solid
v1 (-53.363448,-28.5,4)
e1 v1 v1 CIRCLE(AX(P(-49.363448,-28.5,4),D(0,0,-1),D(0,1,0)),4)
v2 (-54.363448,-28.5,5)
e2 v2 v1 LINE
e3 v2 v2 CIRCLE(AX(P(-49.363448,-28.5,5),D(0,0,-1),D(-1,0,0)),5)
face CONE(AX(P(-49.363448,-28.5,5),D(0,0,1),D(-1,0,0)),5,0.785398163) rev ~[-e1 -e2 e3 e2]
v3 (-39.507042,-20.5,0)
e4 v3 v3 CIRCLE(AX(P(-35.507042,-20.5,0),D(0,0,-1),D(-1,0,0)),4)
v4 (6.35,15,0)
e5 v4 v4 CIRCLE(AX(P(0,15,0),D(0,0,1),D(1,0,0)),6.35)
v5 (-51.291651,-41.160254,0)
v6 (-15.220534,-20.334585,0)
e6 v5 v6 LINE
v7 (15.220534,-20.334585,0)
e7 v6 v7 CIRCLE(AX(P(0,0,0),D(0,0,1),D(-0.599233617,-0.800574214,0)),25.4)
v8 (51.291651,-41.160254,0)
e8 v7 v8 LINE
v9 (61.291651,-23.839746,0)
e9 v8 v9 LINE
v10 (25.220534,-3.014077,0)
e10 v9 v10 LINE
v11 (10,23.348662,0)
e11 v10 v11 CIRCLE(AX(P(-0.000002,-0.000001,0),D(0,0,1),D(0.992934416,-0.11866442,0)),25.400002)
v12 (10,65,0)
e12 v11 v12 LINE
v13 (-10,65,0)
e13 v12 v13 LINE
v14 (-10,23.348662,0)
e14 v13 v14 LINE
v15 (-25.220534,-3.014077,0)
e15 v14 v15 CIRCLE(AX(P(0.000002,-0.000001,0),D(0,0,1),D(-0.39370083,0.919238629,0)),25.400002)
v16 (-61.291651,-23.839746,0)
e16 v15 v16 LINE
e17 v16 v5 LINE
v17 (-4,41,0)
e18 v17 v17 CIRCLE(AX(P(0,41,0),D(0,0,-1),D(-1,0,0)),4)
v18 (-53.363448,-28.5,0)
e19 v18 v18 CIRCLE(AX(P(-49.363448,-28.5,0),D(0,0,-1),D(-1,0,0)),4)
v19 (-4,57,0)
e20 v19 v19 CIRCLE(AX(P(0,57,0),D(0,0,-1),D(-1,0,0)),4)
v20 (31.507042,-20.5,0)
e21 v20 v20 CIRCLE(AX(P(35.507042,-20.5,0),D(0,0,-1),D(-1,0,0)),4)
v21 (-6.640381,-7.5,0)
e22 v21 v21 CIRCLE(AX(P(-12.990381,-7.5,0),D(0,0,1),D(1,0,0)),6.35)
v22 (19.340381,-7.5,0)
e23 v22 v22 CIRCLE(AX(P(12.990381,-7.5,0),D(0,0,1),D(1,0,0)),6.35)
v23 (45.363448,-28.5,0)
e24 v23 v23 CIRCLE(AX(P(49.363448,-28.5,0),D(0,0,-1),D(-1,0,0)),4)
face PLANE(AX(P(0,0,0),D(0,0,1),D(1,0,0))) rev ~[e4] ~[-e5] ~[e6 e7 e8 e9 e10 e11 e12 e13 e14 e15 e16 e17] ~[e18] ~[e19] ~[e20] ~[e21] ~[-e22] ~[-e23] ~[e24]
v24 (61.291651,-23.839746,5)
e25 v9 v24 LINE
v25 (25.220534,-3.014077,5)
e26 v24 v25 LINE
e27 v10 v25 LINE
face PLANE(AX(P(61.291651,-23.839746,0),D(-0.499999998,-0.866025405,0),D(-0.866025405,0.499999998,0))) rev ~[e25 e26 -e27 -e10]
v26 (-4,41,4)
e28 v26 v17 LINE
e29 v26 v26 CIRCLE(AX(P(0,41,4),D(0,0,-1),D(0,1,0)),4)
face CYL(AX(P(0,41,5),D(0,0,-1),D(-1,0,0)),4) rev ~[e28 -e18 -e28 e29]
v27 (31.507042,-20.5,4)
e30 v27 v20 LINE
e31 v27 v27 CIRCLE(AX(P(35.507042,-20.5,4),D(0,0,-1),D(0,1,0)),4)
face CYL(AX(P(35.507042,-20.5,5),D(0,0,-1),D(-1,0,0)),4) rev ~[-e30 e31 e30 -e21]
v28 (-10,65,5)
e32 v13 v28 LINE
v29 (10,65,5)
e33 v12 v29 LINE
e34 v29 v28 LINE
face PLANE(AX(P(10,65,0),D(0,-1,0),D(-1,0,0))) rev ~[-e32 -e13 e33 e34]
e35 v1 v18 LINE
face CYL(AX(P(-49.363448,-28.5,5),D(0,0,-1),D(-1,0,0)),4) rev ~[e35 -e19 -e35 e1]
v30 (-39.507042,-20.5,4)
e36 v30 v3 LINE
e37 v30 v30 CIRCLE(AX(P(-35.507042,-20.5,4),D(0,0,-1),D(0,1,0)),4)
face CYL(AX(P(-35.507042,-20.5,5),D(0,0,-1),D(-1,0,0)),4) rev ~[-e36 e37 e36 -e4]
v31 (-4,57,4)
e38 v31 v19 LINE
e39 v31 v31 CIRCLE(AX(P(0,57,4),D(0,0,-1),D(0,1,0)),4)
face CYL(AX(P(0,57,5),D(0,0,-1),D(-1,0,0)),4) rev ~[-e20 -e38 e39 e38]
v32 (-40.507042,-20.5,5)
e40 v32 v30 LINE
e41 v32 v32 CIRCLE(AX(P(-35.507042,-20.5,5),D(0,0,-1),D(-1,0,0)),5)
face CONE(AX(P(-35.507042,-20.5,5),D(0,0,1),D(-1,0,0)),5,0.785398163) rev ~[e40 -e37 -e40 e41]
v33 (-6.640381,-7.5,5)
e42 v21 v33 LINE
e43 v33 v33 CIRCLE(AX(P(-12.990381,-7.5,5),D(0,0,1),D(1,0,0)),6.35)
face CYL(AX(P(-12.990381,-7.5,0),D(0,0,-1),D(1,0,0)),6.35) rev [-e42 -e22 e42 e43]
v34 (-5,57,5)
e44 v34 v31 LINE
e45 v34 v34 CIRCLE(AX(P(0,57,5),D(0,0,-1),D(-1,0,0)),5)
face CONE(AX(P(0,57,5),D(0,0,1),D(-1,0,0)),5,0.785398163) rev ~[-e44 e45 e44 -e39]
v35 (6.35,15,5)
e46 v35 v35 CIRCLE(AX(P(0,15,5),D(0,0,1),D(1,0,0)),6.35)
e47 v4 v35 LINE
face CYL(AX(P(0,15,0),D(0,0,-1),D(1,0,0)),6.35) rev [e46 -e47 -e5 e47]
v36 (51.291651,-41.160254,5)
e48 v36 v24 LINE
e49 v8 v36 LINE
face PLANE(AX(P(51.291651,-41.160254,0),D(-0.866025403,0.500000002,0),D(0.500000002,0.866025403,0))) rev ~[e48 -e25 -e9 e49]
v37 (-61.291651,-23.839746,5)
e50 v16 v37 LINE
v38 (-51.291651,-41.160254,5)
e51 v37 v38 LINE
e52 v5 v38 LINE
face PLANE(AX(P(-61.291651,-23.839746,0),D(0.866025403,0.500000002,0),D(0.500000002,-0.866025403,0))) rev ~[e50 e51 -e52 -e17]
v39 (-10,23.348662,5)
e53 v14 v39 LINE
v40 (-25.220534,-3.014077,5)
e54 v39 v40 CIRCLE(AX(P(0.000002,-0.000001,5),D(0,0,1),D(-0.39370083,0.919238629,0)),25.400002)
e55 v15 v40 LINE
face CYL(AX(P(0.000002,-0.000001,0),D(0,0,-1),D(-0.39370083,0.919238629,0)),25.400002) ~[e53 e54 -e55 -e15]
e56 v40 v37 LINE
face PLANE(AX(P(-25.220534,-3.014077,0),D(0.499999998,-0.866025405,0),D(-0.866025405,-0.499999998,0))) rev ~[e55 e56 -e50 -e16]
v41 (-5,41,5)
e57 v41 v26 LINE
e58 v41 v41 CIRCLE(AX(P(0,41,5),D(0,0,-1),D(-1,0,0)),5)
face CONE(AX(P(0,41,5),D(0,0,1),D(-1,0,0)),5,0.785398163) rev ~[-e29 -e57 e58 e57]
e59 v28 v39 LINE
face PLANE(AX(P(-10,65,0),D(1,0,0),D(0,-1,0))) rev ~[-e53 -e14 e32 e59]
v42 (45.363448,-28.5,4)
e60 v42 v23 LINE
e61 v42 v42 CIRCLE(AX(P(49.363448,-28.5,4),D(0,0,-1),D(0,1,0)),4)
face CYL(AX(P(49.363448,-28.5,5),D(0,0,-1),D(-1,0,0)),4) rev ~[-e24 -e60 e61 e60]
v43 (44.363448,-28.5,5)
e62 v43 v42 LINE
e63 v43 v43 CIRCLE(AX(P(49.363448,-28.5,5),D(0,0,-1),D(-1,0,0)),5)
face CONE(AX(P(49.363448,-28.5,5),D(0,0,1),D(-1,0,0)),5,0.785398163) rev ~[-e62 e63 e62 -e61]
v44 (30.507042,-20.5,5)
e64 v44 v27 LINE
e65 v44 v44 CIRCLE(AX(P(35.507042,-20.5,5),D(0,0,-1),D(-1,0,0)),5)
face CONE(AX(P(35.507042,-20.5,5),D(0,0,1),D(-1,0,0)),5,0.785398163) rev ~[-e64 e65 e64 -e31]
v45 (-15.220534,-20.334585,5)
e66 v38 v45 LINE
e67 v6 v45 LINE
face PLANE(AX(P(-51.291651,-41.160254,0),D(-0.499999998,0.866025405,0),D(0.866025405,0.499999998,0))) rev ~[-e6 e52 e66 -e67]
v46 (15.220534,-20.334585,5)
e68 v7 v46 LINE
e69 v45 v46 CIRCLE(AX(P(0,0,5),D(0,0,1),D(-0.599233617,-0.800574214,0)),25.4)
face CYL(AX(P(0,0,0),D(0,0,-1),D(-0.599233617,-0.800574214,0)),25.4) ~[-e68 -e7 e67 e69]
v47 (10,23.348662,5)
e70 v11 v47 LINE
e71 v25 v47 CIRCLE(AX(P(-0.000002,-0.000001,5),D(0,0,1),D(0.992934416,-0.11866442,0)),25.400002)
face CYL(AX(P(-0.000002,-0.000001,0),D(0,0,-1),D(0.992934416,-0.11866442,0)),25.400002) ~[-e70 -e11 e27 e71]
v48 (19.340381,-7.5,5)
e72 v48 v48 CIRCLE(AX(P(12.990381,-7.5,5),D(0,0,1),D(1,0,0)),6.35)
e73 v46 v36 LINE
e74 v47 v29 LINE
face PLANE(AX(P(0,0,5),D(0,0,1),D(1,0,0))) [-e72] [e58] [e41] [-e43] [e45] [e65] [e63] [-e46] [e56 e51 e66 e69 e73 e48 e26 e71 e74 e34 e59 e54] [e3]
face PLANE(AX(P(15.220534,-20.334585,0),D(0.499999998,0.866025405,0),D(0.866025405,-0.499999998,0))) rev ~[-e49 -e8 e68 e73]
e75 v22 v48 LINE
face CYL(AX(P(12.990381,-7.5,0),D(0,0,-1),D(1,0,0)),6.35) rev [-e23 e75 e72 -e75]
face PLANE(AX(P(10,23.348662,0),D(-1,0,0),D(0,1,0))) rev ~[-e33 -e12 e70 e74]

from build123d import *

# Parameters (mm, degrees)
F0_R           = 6.35
F1_DEPTH       = 5
F3_D           = 8
F3_CSINK_D     = 10
F3_CSINK_ANGLE = 90


with BuildPart() as f1:
    # F0 (on Top) → F1 (new body)
    with BuildSketch(Plane.XY):
        with BuildLine():
            Line((-10, 65), (-10, 23.348662))
            ThreePointArc((-10, 23.348662), (-21.997045, 12.7), (-25.220534, -3.014077))
            Line((-25.220534, -3.014077), (-61.291651, -23.839746))
            Line((-61.291651, -23.839746), (-51.291651, -41.160254))
            Line((-51.291651, -41.160254), (-15.220534, -20.334585))
            ThreePointArc((-15.220534, -20.334585), (0, -25.4), (15.220534, -20.334585))
            Line((15.220534, -20.334585), (51.291651, -41.160254))
            Line((51.291651, -41.160254), (61.291651, -23.839746))
            Line((61.291651, -23.839746), (25.220534, -3.014077))
            ThreePointArc((25.220534, -3.014077), (21.997045, 12.7), (10, 23.348662))
            Line((10, 23.348662), (10, 65))
            Line((10, 65), (-10, 65))
        make_face()
        with Locations((-12.990381, -7.5)):
            Circle(F0_R, mode=Mode.SUBTRACT)
        with Locations((12.990381, -7.5)):
            Circle(F0_R, mode=Mode.SUBTRACT)
        with Locations((0, 15)):
            Circle(F0_R, mode=Mode.SUBTRACT)
    extrude(amount=F1_DEPTH)

    # F3 (through all)
    with Locations(Plane.XY.offset(5)):
        with Locations((0, 57), (0, 41), (35.507042, -20.5), (49.363448, -28.5), (-35.507042, -20.5), (-49.363448, -28.5)):
            CounterSinkHole(F3_D / 2, F3_CSINK_D / 2, counter_sink_angle=F3_CSINK_ANGLE)


solid = f1.part
